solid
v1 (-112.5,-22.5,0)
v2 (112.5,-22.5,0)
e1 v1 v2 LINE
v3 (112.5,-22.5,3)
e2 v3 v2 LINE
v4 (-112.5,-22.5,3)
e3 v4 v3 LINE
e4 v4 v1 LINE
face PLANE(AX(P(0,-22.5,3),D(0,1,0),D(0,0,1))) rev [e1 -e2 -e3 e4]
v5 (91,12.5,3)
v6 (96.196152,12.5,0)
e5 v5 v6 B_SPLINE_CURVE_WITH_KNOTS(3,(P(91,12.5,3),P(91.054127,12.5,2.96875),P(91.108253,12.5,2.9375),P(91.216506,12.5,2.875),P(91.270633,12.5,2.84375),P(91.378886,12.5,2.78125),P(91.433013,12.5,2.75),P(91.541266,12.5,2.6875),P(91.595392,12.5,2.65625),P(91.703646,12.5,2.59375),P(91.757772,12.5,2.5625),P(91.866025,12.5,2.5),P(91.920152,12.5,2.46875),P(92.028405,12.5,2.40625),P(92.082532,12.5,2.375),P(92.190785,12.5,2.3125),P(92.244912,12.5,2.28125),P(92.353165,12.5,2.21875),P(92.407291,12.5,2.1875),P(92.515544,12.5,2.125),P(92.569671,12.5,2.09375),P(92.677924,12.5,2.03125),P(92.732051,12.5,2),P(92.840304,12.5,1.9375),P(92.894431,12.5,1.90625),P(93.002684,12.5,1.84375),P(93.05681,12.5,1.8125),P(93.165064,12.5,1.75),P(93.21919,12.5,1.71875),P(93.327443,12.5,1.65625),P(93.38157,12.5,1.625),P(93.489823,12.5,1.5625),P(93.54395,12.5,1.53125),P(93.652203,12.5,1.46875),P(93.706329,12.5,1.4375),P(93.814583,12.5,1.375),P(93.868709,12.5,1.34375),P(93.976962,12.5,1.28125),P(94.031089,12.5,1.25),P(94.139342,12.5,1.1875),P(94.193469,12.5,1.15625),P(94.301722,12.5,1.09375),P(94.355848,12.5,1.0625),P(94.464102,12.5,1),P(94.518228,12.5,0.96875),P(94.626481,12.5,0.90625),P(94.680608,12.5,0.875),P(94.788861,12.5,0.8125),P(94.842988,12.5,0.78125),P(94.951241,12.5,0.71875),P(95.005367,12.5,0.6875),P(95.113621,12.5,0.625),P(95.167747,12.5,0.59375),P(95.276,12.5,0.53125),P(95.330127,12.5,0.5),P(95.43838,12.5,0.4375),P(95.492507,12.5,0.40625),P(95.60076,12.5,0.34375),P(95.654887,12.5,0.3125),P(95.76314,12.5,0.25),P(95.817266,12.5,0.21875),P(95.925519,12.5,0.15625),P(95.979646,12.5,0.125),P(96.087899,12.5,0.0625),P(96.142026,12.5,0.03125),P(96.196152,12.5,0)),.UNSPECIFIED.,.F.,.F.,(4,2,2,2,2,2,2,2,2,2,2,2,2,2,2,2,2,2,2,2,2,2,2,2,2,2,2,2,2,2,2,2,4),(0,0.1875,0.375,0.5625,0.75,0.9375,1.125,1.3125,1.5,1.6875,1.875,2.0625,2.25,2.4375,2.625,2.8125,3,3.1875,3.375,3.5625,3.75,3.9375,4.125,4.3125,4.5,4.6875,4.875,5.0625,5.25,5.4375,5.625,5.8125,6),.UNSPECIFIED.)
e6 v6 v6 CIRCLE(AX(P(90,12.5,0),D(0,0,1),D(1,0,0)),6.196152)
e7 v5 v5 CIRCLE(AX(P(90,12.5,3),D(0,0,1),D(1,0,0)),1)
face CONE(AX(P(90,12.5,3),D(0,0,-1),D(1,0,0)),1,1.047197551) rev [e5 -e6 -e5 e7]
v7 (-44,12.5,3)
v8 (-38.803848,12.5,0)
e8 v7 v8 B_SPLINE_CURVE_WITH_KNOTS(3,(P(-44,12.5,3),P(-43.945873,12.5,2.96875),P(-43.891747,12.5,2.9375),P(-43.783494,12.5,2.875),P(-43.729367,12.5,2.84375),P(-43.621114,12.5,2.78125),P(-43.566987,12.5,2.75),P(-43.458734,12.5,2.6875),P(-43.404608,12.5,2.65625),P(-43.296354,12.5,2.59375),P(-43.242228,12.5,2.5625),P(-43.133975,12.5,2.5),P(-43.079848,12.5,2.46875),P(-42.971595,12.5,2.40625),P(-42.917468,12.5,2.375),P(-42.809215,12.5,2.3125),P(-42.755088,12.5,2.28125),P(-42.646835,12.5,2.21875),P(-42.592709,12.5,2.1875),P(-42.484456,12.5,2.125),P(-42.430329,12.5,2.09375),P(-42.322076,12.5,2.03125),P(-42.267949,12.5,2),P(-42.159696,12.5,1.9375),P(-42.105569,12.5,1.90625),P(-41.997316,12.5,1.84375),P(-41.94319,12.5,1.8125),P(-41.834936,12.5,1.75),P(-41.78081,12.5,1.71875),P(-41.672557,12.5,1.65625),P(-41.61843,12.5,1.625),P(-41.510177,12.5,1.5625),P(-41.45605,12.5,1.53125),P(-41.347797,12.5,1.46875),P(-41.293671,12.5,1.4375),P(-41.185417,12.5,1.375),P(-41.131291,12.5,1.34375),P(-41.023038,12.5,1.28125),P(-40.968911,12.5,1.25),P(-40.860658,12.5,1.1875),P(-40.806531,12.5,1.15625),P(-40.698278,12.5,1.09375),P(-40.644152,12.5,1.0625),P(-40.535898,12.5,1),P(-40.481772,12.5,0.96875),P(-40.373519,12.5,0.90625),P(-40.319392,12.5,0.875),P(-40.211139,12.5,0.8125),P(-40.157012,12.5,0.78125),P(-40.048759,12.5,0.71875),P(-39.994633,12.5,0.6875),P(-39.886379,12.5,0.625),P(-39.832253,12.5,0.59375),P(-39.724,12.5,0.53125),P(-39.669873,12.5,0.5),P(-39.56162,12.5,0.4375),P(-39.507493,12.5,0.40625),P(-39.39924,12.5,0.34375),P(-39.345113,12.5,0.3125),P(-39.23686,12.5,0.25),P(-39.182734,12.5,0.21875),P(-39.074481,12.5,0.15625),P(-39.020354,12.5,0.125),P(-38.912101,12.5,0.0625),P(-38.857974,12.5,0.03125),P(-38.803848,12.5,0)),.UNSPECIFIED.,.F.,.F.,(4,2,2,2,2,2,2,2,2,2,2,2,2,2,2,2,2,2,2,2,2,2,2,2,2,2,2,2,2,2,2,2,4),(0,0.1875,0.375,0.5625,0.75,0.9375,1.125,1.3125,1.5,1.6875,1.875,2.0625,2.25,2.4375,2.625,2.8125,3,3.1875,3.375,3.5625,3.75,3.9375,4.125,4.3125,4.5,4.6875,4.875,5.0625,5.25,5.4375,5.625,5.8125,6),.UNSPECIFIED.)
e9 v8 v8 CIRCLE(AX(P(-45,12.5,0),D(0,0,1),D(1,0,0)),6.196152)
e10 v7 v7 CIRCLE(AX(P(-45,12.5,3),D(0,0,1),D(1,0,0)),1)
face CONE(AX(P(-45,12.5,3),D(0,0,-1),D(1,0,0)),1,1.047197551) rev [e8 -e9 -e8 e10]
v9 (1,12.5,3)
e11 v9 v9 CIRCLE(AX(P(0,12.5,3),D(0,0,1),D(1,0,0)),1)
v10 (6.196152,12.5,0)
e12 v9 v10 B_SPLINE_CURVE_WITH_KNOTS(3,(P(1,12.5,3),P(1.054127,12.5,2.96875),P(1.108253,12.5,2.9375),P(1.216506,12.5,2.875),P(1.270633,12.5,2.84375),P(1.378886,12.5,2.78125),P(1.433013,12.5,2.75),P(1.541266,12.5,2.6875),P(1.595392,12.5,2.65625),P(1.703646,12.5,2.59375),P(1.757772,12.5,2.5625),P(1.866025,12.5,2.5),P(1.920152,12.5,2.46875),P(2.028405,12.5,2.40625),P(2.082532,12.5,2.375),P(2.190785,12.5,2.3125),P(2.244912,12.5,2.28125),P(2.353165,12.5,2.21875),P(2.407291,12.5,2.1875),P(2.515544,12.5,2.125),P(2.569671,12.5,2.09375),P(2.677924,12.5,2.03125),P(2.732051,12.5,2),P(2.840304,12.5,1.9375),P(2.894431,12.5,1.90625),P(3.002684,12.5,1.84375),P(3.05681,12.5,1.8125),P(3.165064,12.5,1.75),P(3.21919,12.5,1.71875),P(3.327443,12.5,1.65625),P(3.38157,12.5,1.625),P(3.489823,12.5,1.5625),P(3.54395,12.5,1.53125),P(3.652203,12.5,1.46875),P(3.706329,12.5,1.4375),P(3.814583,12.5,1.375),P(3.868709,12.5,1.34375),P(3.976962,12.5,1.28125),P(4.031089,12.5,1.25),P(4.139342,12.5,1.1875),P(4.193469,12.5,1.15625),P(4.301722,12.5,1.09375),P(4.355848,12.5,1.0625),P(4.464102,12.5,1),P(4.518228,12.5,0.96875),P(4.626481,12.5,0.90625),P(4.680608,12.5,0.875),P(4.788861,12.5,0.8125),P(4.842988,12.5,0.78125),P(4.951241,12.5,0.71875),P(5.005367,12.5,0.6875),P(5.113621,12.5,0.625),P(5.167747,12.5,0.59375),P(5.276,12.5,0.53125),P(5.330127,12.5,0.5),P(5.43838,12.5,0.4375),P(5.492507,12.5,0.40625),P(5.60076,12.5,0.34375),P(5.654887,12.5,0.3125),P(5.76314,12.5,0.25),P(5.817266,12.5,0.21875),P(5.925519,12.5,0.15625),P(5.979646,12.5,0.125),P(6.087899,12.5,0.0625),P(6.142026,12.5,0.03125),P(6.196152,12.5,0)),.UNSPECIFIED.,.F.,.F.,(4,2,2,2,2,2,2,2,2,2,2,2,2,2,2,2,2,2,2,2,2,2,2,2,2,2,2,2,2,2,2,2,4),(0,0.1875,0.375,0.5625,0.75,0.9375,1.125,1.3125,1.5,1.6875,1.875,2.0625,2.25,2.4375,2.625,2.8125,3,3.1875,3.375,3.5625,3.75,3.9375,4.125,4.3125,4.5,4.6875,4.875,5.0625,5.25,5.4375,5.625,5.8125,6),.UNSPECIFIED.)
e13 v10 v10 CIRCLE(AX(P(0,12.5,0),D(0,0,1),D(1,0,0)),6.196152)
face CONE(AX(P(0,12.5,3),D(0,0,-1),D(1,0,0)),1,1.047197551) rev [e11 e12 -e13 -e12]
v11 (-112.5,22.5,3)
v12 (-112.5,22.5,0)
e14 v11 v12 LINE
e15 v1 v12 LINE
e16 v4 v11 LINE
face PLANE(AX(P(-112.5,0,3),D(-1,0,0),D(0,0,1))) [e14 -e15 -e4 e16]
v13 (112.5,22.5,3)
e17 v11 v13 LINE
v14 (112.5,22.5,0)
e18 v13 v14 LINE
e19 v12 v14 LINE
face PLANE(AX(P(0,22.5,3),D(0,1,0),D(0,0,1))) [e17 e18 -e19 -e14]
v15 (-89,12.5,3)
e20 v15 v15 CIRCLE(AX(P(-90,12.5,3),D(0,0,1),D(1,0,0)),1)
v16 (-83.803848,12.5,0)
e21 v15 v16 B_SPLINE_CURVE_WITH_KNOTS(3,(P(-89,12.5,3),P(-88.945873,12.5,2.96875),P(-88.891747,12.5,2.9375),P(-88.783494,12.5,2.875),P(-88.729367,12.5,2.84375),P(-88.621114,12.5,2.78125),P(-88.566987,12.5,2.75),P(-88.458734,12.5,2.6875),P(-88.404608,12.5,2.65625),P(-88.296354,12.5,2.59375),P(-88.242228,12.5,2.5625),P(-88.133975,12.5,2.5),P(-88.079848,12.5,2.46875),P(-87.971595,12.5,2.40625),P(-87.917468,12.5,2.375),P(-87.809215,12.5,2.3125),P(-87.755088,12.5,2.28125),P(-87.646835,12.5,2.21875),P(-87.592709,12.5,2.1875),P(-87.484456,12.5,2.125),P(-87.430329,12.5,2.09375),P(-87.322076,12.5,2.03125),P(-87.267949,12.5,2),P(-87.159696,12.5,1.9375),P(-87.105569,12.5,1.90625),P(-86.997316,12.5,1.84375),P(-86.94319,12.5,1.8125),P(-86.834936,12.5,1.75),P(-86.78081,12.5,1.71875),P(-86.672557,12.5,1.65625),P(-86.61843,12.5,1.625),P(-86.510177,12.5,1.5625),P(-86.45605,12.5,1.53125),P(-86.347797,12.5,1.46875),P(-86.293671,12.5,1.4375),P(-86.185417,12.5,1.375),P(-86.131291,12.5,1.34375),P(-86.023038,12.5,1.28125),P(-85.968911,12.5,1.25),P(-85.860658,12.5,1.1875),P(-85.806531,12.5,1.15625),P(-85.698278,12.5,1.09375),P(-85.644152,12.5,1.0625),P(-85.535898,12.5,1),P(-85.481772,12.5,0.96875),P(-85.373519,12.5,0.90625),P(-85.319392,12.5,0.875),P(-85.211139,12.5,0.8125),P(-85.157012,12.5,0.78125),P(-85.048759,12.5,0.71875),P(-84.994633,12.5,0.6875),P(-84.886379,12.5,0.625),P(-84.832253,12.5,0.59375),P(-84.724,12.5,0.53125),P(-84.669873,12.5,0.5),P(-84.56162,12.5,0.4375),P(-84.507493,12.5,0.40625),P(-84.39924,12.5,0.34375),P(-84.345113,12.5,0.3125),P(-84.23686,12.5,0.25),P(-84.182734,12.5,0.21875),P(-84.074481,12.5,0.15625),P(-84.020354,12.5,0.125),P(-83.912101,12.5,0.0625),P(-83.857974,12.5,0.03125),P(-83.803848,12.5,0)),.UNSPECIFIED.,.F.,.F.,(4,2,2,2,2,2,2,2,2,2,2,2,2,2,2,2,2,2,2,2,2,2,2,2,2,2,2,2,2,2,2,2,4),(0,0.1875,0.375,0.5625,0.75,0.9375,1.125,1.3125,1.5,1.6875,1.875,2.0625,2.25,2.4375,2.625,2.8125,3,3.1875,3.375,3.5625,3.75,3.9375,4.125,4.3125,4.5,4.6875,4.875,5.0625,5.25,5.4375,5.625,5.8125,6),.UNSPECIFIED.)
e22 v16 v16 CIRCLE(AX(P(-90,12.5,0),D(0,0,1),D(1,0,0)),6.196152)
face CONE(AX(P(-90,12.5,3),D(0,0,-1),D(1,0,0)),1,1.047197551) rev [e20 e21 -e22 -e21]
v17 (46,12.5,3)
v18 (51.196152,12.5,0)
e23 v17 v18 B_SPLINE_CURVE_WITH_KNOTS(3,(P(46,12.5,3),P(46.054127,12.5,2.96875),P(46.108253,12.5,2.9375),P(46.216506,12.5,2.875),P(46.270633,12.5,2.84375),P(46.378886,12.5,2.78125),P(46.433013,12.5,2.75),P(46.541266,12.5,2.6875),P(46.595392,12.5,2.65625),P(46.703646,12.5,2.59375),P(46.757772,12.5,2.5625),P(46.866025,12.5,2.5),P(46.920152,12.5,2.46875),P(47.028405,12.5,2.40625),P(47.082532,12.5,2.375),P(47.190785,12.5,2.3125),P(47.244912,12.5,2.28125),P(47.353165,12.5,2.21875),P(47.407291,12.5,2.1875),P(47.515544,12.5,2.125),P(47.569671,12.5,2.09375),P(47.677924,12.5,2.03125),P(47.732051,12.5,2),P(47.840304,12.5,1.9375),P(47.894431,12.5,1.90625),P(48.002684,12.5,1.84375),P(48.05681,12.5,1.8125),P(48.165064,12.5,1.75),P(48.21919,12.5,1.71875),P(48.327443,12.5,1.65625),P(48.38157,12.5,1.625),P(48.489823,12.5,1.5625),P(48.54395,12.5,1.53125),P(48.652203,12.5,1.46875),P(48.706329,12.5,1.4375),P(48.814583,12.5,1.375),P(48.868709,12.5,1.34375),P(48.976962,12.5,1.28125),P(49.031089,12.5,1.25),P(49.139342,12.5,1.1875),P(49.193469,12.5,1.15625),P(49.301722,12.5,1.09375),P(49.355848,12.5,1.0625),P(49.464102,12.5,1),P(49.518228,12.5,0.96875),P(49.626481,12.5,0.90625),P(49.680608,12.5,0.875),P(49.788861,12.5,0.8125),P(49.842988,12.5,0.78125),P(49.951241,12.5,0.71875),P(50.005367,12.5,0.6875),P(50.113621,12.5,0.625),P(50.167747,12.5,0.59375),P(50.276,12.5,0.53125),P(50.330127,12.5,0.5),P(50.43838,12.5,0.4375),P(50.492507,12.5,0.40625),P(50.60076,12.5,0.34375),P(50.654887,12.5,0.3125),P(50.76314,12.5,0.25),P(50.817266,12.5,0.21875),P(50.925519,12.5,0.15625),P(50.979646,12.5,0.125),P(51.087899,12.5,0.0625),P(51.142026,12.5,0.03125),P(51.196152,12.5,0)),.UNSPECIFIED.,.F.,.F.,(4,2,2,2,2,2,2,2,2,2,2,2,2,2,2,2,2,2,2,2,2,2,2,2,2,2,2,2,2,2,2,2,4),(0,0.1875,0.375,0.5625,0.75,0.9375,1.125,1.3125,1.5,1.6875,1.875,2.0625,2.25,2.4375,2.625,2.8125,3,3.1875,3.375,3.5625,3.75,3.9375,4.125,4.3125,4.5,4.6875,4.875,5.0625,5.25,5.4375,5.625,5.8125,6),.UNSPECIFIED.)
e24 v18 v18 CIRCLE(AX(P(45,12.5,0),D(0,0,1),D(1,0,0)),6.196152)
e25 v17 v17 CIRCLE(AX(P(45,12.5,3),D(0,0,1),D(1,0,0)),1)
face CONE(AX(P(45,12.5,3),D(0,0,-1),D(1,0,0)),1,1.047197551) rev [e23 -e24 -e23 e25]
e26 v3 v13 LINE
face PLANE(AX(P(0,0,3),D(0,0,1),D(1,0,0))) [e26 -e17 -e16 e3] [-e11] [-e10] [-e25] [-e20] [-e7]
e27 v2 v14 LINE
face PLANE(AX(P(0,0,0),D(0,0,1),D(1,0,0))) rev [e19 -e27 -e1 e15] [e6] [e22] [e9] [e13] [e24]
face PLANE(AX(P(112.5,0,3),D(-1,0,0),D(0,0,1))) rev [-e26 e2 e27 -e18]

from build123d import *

# Parameters (mm, degrees)
SKETCH1_R           = 1
BOSS_EXTRUDE1_DEPTH = 3
DRAFT3_ANGLE        = -60


with BuildPart() as part:
    # Sketch1 → Boss-Extrude1 (new body)
    with BuildSketch(Plane.XY):
        Polygon((-112.5, 7.5), (-112.5, -22.5), (112.5, -22.5), (112.5, 7.5), (112.5, 22.5), (-112.5, 22.5), align=None)
        with Locations((-90, 12.5)):
            Circle(SKETCH1_R, mode=Mode.SUBTRACT)
        with Locations((-45, 12.5)):
            Circle(SKETCH1_R, mode=Mode.SUBTRACT)
        with Locations((0, 12.5)):
            Circle(SKETCH1_R, mode=Mode.SUBTRACT)
        with Locations((45, 12.5)):
            Circle(SKETCH1_R, mode=Mode.SUBTRACT)
        with Locations((90, 12.5)):
            Circle(SKETCH1_R, mode=Mode.SUBTRACT)
    extrude(amount=BOSS_EXTRUDE1_DEPTH)

    # Draft3
    draft3_faces = [part.faces().sort_by_distance(p)[0] for p in [
        (89, 12.5, 1.5),
        (44, 12.5, 1.5),
        (-1, 12.5, 1.5),
        (-46, 12.5, 1.5),
        (-91, 12.5, 1.5),
    ]]
    draft(draft3_faces, Plane.XY.offset(3), DRAFT3_ANGLE)


solid = part.part
